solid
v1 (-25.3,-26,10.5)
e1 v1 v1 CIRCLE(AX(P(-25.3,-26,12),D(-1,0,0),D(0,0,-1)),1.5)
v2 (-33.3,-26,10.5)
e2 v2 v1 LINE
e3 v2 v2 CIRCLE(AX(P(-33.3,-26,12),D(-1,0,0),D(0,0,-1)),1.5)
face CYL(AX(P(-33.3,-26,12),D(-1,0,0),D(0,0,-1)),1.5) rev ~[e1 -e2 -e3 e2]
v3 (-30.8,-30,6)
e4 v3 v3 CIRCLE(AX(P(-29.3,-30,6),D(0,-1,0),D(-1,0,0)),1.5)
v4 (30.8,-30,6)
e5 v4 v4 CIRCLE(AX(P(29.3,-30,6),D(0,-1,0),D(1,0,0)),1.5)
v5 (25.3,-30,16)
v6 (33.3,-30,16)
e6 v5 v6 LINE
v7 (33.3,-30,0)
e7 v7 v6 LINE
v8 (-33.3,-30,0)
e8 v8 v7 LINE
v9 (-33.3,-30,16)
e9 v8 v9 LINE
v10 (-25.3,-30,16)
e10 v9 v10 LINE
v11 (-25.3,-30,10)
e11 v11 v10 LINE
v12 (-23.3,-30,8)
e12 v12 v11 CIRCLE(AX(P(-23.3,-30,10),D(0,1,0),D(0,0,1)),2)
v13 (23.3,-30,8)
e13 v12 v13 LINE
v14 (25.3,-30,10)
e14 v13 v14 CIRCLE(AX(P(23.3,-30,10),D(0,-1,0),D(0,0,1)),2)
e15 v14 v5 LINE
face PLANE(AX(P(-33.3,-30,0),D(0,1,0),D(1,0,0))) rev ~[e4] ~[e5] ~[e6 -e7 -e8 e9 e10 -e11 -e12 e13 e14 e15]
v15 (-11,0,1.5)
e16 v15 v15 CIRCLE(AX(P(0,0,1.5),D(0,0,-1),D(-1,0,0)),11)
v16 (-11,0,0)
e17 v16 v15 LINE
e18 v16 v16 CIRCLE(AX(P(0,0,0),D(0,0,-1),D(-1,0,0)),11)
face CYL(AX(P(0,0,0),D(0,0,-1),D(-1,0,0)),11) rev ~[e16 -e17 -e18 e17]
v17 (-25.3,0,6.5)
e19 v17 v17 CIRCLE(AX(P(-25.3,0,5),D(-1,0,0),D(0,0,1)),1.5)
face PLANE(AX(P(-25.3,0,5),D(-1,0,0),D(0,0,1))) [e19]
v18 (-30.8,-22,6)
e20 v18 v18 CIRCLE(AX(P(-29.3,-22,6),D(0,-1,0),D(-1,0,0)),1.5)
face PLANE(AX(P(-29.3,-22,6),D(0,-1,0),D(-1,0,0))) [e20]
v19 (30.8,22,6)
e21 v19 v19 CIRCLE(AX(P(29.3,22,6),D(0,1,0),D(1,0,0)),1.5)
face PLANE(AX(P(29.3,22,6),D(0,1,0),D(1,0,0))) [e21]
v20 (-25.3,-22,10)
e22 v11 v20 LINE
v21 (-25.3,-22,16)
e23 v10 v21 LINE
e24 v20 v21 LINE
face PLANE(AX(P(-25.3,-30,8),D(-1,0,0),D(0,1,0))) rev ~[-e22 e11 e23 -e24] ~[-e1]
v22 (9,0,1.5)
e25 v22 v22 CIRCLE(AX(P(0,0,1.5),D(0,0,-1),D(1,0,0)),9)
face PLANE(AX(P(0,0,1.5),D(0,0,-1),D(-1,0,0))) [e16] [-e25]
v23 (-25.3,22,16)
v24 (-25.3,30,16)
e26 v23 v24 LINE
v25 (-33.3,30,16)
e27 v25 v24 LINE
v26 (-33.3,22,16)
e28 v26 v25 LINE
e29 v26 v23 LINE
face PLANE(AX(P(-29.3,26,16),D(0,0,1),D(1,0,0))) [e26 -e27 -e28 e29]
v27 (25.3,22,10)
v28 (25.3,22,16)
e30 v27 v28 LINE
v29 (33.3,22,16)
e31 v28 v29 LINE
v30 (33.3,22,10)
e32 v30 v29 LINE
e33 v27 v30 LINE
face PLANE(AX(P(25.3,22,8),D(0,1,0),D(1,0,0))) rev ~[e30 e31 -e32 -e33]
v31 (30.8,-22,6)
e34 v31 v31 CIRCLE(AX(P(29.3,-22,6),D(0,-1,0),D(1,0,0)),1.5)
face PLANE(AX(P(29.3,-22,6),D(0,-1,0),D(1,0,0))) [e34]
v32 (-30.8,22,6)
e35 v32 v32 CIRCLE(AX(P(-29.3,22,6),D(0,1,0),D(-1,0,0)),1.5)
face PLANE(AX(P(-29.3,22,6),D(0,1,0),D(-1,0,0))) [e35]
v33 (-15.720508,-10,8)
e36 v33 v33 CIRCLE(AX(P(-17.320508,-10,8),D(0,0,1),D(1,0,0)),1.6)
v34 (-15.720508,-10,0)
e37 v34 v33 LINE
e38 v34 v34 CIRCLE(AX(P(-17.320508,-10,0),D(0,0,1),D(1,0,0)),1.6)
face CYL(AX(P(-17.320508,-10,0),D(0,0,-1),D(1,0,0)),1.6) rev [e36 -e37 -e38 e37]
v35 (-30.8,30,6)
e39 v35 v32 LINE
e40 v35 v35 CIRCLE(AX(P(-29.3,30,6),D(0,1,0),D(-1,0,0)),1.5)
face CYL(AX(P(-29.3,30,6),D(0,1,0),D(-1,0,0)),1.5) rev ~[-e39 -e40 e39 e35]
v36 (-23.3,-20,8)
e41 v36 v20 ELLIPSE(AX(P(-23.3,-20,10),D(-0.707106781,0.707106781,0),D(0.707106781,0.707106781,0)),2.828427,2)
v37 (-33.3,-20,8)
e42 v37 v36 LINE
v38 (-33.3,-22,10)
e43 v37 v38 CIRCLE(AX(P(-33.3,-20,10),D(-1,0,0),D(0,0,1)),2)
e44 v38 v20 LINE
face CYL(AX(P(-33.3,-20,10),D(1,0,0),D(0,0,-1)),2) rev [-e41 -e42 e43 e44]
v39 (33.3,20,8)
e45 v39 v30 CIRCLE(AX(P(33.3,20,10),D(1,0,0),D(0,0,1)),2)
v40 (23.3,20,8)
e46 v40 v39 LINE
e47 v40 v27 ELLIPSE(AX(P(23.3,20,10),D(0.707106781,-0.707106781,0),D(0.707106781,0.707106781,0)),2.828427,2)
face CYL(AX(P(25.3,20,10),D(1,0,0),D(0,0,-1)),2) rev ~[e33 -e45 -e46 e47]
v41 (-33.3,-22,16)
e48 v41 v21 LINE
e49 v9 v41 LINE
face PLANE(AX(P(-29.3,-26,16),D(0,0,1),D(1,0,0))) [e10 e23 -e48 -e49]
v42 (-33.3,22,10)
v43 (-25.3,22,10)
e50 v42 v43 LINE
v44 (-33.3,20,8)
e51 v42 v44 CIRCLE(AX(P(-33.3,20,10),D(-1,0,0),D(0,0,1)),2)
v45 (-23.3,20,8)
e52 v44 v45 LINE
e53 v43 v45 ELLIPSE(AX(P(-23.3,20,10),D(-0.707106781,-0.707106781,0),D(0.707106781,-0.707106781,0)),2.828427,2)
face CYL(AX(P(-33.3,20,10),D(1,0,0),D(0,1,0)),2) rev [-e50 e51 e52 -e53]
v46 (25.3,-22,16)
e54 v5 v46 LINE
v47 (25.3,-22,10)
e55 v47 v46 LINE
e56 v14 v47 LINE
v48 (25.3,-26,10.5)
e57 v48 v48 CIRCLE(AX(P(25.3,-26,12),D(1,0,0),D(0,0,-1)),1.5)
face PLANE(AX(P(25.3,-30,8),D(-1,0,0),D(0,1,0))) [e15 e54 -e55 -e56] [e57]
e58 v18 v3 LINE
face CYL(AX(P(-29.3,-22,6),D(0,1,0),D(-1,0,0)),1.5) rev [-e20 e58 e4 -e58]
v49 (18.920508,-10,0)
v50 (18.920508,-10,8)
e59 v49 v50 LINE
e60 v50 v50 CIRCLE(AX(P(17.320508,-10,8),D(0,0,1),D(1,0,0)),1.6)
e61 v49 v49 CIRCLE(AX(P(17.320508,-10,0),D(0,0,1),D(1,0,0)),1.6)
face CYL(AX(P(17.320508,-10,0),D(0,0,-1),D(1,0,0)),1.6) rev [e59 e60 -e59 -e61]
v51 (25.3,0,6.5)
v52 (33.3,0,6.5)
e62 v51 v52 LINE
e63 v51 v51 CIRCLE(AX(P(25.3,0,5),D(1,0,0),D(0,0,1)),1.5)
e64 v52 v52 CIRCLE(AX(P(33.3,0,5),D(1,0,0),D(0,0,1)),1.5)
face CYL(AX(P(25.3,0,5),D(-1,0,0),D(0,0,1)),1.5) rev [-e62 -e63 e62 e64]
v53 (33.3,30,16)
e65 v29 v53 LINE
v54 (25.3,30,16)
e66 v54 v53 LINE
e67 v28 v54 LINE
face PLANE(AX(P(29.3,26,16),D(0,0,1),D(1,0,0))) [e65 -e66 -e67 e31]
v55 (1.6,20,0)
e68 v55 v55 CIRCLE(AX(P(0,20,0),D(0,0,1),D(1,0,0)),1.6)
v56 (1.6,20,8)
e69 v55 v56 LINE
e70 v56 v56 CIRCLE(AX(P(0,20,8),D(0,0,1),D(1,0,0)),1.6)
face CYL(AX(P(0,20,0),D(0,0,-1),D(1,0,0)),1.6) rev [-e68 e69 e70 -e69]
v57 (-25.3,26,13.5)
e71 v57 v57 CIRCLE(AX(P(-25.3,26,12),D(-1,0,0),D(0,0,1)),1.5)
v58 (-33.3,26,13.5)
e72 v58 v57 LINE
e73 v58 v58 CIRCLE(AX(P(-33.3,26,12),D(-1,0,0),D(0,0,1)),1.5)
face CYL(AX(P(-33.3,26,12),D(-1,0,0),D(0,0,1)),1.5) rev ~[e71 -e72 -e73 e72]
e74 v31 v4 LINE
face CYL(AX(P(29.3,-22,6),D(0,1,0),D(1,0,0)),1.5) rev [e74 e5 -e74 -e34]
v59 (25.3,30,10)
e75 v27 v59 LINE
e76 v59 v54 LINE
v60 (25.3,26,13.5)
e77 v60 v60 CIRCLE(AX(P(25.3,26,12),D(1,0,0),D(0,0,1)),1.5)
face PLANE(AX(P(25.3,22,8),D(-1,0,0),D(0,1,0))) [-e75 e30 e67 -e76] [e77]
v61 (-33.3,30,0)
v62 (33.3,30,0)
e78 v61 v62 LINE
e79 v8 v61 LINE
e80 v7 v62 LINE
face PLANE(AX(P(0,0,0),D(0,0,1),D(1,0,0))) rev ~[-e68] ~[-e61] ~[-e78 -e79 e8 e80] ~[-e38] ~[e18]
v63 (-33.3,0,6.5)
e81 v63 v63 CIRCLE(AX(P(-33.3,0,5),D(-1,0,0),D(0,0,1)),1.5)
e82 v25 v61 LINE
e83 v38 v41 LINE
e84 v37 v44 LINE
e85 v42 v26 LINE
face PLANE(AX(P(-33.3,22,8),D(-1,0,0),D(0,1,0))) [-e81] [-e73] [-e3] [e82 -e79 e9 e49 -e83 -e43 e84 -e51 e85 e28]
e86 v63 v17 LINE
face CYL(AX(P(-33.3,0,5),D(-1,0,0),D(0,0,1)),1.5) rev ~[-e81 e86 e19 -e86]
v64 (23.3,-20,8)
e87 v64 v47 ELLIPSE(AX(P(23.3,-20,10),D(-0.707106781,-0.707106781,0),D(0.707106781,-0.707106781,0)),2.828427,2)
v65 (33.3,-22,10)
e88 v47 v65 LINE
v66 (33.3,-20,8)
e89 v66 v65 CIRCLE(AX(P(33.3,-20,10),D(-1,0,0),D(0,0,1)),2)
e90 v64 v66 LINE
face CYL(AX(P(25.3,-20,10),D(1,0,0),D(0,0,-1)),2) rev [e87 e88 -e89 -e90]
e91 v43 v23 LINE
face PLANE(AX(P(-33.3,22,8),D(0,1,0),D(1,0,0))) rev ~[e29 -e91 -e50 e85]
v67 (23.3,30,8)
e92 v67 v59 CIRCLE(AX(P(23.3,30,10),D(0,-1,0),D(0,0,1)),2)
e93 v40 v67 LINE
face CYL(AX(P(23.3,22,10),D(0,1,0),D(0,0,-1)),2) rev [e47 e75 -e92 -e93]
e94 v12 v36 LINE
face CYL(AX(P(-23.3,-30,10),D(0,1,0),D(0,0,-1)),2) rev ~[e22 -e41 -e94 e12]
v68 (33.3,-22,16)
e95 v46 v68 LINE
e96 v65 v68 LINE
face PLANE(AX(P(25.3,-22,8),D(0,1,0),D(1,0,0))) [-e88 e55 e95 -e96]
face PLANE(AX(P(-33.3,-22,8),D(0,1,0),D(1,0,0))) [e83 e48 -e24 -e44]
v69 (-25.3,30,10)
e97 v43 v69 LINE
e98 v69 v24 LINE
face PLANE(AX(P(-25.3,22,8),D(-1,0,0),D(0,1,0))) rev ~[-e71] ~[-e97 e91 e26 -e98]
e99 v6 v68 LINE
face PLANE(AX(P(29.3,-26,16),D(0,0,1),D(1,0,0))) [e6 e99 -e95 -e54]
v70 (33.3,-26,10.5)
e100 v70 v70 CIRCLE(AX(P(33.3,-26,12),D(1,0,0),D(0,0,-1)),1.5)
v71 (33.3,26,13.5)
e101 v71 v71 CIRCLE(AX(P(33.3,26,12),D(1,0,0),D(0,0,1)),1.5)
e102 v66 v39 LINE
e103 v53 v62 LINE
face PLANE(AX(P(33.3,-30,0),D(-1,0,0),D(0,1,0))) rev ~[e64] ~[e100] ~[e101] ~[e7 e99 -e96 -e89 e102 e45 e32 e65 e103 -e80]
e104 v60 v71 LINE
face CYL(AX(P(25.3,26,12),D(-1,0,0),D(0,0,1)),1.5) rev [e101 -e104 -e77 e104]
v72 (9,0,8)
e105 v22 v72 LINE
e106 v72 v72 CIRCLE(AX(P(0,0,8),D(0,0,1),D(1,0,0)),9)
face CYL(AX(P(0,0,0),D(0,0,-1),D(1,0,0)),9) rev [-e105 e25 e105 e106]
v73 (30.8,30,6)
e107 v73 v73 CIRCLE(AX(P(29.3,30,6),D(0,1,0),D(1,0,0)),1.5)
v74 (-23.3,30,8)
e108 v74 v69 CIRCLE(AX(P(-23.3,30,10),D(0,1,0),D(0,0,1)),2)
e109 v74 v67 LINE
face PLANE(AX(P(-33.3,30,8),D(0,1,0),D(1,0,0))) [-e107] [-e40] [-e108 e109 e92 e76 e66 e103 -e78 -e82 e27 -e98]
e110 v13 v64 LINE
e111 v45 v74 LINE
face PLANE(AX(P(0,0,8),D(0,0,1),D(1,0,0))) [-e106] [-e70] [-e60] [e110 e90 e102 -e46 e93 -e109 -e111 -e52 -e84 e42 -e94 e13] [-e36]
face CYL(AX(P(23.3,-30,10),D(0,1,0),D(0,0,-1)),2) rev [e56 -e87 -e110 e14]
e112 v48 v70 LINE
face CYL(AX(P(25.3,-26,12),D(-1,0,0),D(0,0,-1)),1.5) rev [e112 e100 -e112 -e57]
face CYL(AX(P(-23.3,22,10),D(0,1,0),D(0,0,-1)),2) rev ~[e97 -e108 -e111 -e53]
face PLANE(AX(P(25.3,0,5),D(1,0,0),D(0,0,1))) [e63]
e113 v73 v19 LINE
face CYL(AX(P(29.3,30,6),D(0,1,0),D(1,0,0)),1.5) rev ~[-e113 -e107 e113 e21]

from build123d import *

# Parameters (mm, degrees)
SKETCH_1_W          = 66.6
SKETCH_1_H          = 60
SKETCH_1_R          = 1.6
SKETCH_1_R_2        = 9
EXTRUDE_1_DEPTH     = 8
SKETCH_3_W          = 8
SKETCH_3_H          = 8
EXTRUDE_2_DEPTH     = 8
SKETCH_4_R          = 1.5
CUT_EXTRUDE_1_DEPTH = 8
CUT_EXTRUDE_START   = -8
SKETCH_5_R          = 1.5
CUT_EXTRUDE_2_DEPTH = 8
SKETCH_6_R          = 1.5
CUT_EXTRUDE_3_DEPTH = 8
SKETCH_7_R          = 1.5
CUT_EXTRUDE_4_DEPTH = 8
FILLET_1_R          = 2
SKETCH_8_R          = 11
CUT_EXTRUDE_5_DEPTH = 1.5


with BuildPart() as part:
    # 草图1 → 凸台-拉伸1 (new body)
    with BuildSketch(Plane.XY):
        Rectangle(SKETCH_1_W, SKETCH_1_H)
        with Locations((0, 20)):
            Circle(SKETCH_1_R, mode=Mode.SUBTRACT)
        with Locations((17.320508076, -10)):
            Circle(SKETCH_1_R, mode=Mode.SUBTRACT)
        with Locations((-17.320508076, -10)):
            Circle(SKETCH_1_R, mode=Mode.SUBTRACT)
        Circle(SKETCH_1_R_2, mode=Mode.SUBTRACT)
    extrude(amount=EXTRUDE_1_DEPTH)

    # 草图3 → 凸台-拉伸2 (add)
    with BuildSketch(Plane.XY.offset(8)):
        with Locations((-29.3, 26)):
            Rectangle(SKETCH_3_W, SKETCH_3_H)
        with Locations((-29.3, -26)):
            Rectangle(SKETCH_3_W, SKETCH_3_H)
        with Locations((29.3, -26)):
            Rectangle(SKETCH_3_W, SKETCH_3_H)
        with Locations((29.3, 26)):
            Rectangle(SKETCH_3_W, SKETCH_3_H)
    extrude(amount=EXTRUDE_2_DEPTH)

    # 草图4 → 切除-拉伸1 (cut)
    with BuildSketch(Plane.ZY.offset(33.3)):
        with Locations((12, 26)):
            Circle(SKETCH_4_R)
        with Locations(Location((12, -26, 0), (0, 0, 180))):
            Circle(SKETCH_4_R)
        with Locations((5, 0)):
            Circle(SKETCH_4_R)
    extrude(amount=-CUT_EXTRUDE_1_DEPTH, mode=Mode.SUBTRACT)

    # 草图5 → 切除-拉伸2 (cut)
    with BuildSketch(Plane(origin=(33.3, 0, 0), x_dir=(0, 0, -1), z_dir=(1, 0, 0)).offset(CUT_EXTRUDE_START)):
        with Locations((-12, -26)):
            Circle(SKETCH_5_R)
        with Locations(Location((-12, 26, 0), (0, 0, 180))):
            Circle(SKETCH_5_R)
        with Locations(Location((-5, 0, 0), (0, 0, 180))):
            Circle(SKETCH_5_R)
    extrude(amount=CUT_EXTRUDE_2_DEPTH, mode=Mode.SUBTRACT)

    # 草图6 → 切除-拉伸3 (cut)
    with BuildSketch(Plane(origin=(0, 30, 0), x_dir=(1, 0, 0), z_dir=(0, 1, 0))):
        with Locations(Location((-29.3, -6, 0), (0, 0, 180))):
            Circle(SKETCH_6_R)
        with Locations((29.3, -6)):
            Circle(SKETCH_6_R)
    extrude(amount=-CUT_EXTRUDE_3_DEPTH, mode=Mode.SUBTRACT)

    # 草图7 → 切除-拉伸4 (cut)
    with BuildSketch(Plane.XZ.offset(30).offset(CUT_EXTRUDE_START)):
        with Locations((29.3, 6)):
            Circle(SKETCH_7_R)
        with Locations(Location((-29.3, 6, 0), (0, 0, 180))):
            Circle(SKETCH_7_R)
    extrude(amount=CUT_EXTRUDE_4_DEPTH, mode=Mode.SUBTRACT)

    # 圆角1
    fillet_1_edges = [part.edges().sort_by_distance(p)[0] for p in [
        (-29.3, 22, 8),
        (-25.3, 26, 8),
        (-25.3, -26, 8),
        (-29.3, -22, 8),
        (29.3, -22, 8),
        (25.3, -26, 8),
        (25.3, 26, 8),
        (29.3, 22, 8),
    ]]
    fillet(fillet_1_edges, radius=FILLET_1_R)

    # 草图8 → 切除-拉伸5 (cut)
    with BuildSketch(Plane(origin=(0, 0, 0), x_dir=(-1, 0, 0), z_dir=(0, 0, -1))):
        Circle(SKETCH_8_R)
    extrude(amount=-CUT_EXTRUDE_5_DEPTH, mode=Mode.SUBTRACT)


solid = part.part
